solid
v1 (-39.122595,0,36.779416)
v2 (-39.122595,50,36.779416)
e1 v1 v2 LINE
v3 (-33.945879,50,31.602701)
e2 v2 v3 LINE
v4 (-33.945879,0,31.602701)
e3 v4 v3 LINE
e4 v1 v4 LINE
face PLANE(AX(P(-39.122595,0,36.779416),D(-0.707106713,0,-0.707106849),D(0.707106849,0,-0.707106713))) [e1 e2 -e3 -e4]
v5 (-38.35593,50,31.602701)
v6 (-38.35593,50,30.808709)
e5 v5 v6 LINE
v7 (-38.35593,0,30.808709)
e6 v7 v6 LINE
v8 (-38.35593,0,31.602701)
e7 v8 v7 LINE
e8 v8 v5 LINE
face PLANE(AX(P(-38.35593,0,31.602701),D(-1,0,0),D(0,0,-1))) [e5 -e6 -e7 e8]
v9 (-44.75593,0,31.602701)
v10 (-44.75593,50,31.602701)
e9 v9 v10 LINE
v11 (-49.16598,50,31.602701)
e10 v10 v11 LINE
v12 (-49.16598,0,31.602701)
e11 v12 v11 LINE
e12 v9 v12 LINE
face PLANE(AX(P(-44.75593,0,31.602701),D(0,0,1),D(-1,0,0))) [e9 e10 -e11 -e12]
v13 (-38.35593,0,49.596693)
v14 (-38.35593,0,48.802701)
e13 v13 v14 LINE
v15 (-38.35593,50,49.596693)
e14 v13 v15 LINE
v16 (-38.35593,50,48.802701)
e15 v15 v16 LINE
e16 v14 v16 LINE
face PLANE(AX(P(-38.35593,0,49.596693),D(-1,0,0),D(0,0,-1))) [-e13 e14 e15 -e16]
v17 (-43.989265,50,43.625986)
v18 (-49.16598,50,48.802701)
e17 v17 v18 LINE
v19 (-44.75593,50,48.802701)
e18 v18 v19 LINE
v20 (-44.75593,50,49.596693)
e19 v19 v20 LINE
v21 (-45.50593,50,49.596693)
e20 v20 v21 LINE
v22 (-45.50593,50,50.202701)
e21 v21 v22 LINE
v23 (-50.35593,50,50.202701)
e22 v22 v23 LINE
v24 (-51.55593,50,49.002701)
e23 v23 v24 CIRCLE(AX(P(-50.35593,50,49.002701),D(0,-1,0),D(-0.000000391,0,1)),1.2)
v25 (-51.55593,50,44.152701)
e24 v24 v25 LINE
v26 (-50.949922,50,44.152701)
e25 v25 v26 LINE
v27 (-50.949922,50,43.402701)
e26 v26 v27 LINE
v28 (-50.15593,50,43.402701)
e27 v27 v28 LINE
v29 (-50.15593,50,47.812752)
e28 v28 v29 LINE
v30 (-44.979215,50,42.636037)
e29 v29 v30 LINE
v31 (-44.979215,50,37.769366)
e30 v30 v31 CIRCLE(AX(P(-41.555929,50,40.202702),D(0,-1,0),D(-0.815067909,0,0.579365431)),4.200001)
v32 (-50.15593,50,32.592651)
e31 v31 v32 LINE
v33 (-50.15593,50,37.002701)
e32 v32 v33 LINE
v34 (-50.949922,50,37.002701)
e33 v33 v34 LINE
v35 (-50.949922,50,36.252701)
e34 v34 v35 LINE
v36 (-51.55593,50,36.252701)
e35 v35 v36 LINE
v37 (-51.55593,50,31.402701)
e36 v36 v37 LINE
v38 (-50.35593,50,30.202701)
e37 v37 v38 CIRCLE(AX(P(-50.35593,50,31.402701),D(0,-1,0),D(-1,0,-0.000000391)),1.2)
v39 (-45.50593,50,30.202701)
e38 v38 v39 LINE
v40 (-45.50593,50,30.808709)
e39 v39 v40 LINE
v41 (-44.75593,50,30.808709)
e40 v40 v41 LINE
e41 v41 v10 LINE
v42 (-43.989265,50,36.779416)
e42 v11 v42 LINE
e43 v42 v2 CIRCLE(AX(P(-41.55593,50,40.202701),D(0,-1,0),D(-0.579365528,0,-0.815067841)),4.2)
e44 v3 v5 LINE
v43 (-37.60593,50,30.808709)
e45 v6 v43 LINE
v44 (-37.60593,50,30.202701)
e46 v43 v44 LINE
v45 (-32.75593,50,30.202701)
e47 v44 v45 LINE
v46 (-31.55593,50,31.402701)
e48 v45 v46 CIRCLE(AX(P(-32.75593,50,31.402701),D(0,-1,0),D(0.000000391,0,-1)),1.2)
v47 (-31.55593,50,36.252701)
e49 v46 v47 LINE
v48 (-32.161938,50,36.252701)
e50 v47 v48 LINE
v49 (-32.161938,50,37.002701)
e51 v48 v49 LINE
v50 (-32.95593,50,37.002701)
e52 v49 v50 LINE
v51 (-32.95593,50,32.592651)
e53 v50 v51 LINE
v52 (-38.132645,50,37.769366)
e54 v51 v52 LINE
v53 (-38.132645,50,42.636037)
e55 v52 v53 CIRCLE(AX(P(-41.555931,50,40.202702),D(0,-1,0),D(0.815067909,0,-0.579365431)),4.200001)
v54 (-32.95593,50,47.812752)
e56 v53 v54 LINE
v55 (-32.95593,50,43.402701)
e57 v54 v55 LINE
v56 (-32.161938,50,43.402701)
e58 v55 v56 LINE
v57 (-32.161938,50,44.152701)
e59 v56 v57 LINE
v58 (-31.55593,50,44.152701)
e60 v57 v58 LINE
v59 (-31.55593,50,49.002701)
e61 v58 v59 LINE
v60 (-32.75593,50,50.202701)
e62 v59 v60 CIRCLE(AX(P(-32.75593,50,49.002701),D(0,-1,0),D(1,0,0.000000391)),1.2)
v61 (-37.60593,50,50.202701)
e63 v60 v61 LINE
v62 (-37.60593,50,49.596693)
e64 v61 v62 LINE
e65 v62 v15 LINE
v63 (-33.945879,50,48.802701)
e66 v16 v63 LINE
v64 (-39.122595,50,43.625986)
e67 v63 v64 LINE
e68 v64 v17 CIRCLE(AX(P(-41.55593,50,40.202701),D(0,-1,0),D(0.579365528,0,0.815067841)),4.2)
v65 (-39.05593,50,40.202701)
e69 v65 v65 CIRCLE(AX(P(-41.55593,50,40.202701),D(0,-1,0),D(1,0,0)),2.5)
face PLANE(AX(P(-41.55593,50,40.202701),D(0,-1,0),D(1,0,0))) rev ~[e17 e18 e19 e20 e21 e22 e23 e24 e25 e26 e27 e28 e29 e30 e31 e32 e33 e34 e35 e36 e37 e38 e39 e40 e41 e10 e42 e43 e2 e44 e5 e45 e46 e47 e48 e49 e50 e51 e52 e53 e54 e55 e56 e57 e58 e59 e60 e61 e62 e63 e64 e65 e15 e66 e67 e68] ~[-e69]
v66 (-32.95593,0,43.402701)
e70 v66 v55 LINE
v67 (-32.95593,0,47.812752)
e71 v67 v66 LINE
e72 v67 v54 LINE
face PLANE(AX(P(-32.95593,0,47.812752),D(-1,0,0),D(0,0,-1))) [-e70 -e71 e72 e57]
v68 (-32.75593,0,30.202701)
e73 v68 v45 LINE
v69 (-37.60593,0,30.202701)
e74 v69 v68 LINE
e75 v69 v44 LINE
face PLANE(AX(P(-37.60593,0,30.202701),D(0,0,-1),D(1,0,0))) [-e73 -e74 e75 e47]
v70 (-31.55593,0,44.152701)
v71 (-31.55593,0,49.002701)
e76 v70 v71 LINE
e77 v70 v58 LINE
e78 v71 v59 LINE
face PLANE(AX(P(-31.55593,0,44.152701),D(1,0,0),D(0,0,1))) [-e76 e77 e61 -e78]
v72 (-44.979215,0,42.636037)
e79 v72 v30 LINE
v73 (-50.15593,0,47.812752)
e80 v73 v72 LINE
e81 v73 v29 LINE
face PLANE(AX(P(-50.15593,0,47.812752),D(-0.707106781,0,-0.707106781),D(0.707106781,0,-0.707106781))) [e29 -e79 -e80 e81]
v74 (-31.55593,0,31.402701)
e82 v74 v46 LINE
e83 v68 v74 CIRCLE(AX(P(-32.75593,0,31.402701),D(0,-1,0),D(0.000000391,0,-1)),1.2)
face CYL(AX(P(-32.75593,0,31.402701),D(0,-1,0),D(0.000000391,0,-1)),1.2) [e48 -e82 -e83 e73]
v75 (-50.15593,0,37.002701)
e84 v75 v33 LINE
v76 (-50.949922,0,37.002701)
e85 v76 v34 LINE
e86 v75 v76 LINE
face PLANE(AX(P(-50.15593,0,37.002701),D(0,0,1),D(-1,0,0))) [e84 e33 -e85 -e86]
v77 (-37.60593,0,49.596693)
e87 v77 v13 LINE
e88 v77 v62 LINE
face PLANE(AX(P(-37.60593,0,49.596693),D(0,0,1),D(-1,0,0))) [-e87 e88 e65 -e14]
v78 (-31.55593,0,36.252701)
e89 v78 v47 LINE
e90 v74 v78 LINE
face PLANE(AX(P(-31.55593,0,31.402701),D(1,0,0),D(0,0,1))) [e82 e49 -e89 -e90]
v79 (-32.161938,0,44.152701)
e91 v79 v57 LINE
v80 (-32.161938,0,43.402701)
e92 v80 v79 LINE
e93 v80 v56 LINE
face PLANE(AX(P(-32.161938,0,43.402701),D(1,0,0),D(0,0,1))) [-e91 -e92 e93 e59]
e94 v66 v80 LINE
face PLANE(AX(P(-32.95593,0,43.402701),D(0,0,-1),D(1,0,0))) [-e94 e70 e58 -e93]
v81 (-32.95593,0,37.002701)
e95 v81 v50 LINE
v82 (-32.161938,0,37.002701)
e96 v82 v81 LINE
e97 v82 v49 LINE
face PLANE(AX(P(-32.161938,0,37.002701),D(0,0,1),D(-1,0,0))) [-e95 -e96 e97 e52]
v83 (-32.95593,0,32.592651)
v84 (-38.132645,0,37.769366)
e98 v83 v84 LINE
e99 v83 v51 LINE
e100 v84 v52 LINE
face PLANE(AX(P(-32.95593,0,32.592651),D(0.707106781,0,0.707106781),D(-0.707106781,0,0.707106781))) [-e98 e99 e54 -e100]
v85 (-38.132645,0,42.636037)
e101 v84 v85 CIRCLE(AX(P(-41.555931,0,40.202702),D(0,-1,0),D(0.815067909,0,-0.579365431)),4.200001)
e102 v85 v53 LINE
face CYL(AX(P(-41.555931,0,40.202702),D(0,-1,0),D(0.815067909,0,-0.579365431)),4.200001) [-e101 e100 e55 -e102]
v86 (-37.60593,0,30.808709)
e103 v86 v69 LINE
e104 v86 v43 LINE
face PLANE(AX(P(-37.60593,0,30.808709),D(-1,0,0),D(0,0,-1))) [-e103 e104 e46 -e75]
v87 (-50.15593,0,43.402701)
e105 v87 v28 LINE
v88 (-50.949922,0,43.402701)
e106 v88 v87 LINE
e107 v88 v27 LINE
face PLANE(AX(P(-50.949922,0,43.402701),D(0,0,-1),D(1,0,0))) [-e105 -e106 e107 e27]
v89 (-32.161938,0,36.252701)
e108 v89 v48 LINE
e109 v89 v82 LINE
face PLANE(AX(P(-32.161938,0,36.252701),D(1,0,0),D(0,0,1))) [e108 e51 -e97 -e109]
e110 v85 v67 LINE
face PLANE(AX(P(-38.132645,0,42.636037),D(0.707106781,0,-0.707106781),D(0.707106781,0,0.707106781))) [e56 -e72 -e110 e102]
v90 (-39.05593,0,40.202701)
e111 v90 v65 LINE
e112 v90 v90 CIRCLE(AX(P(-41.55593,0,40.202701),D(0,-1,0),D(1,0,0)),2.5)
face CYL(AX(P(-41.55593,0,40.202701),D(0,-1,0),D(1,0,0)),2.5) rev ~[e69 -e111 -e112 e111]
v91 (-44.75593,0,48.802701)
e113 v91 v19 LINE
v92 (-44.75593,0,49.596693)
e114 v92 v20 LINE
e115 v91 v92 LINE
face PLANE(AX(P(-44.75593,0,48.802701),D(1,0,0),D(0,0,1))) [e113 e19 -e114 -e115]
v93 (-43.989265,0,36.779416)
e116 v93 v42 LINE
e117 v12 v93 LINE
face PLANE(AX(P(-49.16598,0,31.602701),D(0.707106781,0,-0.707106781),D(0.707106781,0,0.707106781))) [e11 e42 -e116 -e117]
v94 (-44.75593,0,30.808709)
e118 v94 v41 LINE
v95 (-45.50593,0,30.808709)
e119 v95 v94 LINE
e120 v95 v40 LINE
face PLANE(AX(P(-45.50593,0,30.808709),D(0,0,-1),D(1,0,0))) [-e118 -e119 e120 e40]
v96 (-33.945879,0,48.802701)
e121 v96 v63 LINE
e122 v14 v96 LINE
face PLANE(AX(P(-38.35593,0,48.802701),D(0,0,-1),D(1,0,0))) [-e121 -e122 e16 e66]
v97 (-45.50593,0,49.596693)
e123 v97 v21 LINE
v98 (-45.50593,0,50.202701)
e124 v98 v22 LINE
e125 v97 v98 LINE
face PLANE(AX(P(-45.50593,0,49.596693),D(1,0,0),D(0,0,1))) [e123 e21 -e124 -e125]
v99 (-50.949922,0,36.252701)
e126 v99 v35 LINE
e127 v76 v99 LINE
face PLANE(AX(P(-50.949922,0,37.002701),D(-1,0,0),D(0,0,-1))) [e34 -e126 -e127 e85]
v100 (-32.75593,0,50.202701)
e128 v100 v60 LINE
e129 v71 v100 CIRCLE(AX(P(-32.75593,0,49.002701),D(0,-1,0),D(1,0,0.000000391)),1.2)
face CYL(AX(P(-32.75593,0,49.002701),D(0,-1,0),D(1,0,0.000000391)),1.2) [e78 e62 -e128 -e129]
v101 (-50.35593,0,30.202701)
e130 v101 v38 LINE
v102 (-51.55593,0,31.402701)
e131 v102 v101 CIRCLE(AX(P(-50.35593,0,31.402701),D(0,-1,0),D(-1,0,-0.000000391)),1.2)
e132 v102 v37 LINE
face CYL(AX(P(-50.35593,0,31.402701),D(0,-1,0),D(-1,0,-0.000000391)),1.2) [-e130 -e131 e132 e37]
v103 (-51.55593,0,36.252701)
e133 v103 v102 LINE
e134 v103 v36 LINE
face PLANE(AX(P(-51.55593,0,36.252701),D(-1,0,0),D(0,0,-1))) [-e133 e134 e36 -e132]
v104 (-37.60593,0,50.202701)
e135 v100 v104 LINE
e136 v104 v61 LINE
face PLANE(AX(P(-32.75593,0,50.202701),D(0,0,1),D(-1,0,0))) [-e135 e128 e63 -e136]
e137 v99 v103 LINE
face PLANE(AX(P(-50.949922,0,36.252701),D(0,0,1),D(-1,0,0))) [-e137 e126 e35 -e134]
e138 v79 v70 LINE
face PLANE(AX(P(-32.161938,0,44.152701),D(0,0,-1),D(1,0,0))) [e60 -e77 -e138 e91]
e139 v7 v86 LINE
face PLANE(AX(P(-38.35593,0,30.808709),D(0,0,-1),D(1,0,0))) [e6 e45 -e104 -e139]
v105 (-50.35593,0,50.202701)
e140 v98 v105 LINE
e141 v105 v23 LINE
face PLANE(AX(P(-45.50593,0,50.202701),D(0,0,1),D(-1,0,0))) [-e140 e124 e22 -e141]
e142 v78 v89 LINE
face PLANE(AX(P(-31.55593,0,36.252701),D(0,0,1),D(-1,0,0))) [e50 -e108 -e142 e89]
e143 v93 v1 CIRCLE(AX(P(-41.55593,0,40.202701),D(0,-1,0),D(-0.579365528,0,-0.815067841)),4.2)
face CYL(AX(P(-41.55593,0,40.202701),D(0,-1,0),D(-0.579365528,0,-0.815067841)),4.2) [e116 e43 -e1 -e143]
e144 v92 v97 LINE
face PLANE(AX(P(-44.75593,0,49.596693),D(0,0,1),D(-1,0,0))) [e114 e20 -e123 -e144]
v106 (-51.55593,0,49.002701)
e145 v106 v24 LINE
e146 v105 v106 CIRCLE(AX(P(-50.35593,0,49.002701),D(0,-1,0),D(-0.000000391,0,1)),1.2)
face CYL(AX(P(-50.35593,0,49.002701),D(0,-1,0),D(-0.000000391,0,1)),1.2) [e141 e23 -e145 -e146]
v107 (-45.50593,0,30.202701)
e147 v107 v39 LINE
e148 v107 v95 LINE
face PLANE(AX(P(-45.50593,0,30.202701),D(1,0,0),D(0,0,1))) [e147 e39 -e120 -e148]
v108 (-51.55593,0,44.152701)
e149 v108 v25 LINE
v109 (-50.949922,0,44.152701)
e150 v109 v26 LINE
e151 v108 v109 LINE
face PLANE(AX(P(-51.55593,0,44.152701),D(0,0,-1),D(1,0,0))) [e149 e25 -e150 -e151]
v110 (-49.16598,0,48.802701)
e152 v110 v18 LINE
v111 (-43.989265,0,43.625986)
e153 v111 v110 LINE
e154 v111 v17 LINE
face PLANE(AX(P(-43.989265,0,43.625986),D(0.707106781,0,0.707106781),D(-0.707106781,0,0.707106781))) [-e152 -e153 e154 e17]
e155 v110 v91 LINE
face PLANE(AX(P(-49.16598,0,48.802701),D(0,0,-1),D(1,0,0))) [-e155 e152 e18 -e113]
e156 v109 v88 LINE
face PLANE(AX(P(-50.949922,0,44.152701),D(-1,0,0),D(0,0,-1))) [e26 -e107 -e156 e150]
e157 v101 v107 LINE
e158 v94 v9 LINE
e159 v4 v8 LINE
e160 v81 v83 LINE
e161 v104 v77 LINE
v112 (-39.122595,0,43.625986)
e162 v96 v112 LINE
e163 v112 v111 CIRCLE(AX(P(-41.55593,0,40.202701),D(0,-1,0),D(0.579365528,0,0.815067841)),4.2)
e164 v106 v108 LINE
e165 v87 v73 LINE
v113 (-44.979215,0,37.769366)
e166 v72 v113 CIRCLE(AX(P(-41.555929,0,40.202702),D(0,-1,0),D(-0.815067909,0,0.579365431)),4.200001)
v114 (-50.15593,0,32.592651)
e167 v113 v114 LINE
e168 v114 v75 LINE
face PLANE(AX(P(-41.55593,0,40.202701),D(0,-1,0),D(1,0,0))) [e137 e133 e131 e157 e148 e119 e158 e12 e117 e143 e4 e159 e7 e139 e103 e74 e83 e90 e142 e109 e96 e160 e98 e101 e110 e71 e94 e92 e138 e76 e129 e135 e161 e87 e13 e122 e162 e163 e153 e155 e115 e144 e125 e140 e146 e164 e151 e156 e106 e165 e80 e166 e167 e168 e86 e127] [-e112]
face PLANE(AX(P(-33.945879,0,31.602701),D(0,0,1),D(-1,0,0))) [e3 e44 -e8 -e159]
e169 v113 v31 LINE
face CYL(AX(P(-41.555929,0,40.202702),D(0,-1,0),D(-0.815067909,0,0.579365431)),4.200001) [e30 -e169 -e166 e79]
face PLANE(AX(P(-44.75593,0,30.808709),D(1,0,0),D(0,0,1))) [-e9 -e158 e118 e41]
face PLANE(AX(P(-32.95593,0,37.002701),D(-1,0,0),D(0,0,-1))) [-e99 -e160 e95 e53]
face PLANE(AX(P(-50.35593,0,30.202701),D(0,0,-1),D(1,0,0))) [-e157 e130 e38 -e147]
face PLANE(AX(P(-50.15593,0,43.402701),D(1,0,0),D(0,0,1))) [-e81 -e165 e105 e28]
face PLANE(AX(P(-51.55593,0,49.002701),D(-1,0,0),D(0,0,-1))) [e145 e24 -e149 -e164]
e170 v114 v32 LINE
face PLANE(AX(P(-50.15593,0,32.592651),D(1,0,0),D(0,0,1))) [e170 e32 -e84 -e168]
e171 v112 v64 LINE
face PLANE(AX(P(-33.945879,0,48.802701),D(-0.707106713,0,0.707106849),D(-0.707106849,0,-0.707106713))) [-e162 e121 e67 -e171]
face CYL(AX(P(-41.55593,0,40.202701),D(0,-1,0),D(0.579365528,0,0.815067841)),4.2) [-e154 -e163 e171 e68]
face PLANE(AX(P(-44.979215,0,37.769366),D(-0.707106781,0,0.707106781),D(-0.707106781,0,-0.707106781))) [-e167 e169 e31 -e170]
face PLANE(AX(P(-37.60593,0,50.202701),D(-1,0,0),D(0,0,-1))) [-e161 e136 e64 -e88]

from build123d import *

# Parameters (mm, degrees)
F0_R     = 2.5
F1_DEPTH = 50


with BuildPart() as f1:
    # F0 (on Front) → F1 (new body)
    with BuildSketch(Plane.XZ):
        with BuildLine():
            Line((-50.15593, 47.812752), (-44.979215, 42.636037))
            ThreePointArc((-44.979215, 42.636037), (-45.75593, 40.202701), (-44.979215, 37.769366))
            Line((-44.979215, 37.769366), (-50.15593, 32.592651))
            Line((-50.15593, 32.592651), (-50.15593, 37.002701))
            Line((-50.15593, 37.002701), (-50.949922, 37.002701))
            Line((-50.949922, 37.002701), (-50.949922, 36.252701))
            Line((-50.949922, 36.252701), (-51.55593, 36.252701))
            Line((-51.55593, 36.252701), (-51.55593, 31.402701))
            ThreePointArc((-51.55593, 31.402701), (-51.204458, 30.554173), (-50.35593, 30.202701))
            Line((-50.35593, 30.202701), (-45.50593, 30.202701))
            Line((-45.50593, 30.202701), (-45.50593, 30.808709))
            Line((-45.50593, 30.808709), (-44.75593, 30.808709))
            Line((-44.75593, 30.808709), (-44.75593, 31.602701))
            Line((-44.75593, 31.602701), (-49.16598, 31.602701))
            Line((-49.16598, 31.602701), (-43.989265, 36.779416))
            ThreePointArc((-43.989265, 36.779416), (-41.55593, 36.002701), (-39.122595, 36.779416))
            Line((-39.122595, 36.779416), (-33.945879, 31.602701))
            Line((-33.945879, 31.602701), (-38.35593, 31.602701))
            Line((-38.35593, 31.602701), (-38.35593, 30.808709))
            Line((-38.35593, 30.808709), (-37.60593, 30.808709))
            Line((-37.60593, 30.808709), (-37.60593, 30.202701))
            Line((-37.60593, 30.202701), (-32.75593, 30.202701))
            ThreePointArc((-32.75593, 30.202701), (-31.907402, 30.554173), (-31.55593, 31.402701))
            Line((-31.55593, 31.402701), (-31.55593, 36.252701))
            Line((-31.55593, 36.252701), (-32.161938, 36.252701))
            Line((-32.161938, 36.252701), (-32.161938, 37.002701))
            Line((-32.161938, 37.002701), (-32.95593, 37.002701))
            Line((-32.95593, 37.002701), (-32.95593, 32.592651))
            Line((-32.95593, 32.592651), (-38.132645, 37.769366))
            ThreePointArc((-38.132645, 37.769366), (-37.35593, 40.202701), (-38.132645, 42.636037))
            Line((-38.132645, 42.636037), (-32.95593, 47.812752))
            Line((-32.95593, 47.812752), (-32.95593, 43.402701))
            Line((-32.95593, 43.402701), (-32.161938, 43.402701))
            Line((-32.161938, 43.402701), (-32.161938, 44.152701))
            Line((-32.161938, 44.152701), (-31.55593, 44.152701))
            Line((-31.55593, 44.152701), (-31.55593, 49.002701))
            ThreePointArc((-31.55593, 49.002701), (-31.907402, 49.851229), (-32.75593, 50.202701))
            Line((-32.75593, 50.202701), (-37.60593, 50.202701))
            Line((-37.60593, 50.202701), (-37.60593, 49.596693))
            Line((-37.60593, 49.596693), (-38.35593, 49.596693))
            Line((-38.35593, 49.596693), (-38.35593, 48.802701))
            Line((-38.35593, 48.802701), (-33.945879, 48.802701))
            Line((-33.945879, 48.802701), (-39.122595, 43.625986))
            ThreePointArc((-39.122595, 43.625986), (-41.55593, 44.402701), (-43.989265, 43.625986))
            Line((-43.989265, 43.625986), (-49.16598, 48.802701))
            Line((-49.16598, 48.802701), (-44.75593, 48.802701))
            Line((-44.75593, 48.802701), (-44.75593, 49.596693))
            Line((-44.75593, 49.596693), (-45.50593, 49.596693))
            Line((-45.50593, 49.596693), (-45.50593, 50.202701))
            Line((-45.50593, 50.202701), (-50.35593, 50.202701))
            ThreePointArc((-50.35593, 50.202701), (-51.204458, 49.851229), (-51.55593, 49.002701))
            Line((-51.55593, 49.002701), (-51.55593, 44.152701))
            Line((-51.55593, 44.152701), (-50.949922, 44.152701))
            Line((-50.949922, 44.152701), (-50.949922, 43.402701))
            Line((-50.949922, 43.402701), (-50.15593, 43.402701))
            Line((-50.15593, 43.402701), (-50.15593, 47.812752))
        make_face()
        with Locations((-41.55593, 40.202701)):
            Circle(F0_R, mode=Mode.SUBTRACT)
    extrude(amount=-F1_DEPTH)


solid = f1.part
